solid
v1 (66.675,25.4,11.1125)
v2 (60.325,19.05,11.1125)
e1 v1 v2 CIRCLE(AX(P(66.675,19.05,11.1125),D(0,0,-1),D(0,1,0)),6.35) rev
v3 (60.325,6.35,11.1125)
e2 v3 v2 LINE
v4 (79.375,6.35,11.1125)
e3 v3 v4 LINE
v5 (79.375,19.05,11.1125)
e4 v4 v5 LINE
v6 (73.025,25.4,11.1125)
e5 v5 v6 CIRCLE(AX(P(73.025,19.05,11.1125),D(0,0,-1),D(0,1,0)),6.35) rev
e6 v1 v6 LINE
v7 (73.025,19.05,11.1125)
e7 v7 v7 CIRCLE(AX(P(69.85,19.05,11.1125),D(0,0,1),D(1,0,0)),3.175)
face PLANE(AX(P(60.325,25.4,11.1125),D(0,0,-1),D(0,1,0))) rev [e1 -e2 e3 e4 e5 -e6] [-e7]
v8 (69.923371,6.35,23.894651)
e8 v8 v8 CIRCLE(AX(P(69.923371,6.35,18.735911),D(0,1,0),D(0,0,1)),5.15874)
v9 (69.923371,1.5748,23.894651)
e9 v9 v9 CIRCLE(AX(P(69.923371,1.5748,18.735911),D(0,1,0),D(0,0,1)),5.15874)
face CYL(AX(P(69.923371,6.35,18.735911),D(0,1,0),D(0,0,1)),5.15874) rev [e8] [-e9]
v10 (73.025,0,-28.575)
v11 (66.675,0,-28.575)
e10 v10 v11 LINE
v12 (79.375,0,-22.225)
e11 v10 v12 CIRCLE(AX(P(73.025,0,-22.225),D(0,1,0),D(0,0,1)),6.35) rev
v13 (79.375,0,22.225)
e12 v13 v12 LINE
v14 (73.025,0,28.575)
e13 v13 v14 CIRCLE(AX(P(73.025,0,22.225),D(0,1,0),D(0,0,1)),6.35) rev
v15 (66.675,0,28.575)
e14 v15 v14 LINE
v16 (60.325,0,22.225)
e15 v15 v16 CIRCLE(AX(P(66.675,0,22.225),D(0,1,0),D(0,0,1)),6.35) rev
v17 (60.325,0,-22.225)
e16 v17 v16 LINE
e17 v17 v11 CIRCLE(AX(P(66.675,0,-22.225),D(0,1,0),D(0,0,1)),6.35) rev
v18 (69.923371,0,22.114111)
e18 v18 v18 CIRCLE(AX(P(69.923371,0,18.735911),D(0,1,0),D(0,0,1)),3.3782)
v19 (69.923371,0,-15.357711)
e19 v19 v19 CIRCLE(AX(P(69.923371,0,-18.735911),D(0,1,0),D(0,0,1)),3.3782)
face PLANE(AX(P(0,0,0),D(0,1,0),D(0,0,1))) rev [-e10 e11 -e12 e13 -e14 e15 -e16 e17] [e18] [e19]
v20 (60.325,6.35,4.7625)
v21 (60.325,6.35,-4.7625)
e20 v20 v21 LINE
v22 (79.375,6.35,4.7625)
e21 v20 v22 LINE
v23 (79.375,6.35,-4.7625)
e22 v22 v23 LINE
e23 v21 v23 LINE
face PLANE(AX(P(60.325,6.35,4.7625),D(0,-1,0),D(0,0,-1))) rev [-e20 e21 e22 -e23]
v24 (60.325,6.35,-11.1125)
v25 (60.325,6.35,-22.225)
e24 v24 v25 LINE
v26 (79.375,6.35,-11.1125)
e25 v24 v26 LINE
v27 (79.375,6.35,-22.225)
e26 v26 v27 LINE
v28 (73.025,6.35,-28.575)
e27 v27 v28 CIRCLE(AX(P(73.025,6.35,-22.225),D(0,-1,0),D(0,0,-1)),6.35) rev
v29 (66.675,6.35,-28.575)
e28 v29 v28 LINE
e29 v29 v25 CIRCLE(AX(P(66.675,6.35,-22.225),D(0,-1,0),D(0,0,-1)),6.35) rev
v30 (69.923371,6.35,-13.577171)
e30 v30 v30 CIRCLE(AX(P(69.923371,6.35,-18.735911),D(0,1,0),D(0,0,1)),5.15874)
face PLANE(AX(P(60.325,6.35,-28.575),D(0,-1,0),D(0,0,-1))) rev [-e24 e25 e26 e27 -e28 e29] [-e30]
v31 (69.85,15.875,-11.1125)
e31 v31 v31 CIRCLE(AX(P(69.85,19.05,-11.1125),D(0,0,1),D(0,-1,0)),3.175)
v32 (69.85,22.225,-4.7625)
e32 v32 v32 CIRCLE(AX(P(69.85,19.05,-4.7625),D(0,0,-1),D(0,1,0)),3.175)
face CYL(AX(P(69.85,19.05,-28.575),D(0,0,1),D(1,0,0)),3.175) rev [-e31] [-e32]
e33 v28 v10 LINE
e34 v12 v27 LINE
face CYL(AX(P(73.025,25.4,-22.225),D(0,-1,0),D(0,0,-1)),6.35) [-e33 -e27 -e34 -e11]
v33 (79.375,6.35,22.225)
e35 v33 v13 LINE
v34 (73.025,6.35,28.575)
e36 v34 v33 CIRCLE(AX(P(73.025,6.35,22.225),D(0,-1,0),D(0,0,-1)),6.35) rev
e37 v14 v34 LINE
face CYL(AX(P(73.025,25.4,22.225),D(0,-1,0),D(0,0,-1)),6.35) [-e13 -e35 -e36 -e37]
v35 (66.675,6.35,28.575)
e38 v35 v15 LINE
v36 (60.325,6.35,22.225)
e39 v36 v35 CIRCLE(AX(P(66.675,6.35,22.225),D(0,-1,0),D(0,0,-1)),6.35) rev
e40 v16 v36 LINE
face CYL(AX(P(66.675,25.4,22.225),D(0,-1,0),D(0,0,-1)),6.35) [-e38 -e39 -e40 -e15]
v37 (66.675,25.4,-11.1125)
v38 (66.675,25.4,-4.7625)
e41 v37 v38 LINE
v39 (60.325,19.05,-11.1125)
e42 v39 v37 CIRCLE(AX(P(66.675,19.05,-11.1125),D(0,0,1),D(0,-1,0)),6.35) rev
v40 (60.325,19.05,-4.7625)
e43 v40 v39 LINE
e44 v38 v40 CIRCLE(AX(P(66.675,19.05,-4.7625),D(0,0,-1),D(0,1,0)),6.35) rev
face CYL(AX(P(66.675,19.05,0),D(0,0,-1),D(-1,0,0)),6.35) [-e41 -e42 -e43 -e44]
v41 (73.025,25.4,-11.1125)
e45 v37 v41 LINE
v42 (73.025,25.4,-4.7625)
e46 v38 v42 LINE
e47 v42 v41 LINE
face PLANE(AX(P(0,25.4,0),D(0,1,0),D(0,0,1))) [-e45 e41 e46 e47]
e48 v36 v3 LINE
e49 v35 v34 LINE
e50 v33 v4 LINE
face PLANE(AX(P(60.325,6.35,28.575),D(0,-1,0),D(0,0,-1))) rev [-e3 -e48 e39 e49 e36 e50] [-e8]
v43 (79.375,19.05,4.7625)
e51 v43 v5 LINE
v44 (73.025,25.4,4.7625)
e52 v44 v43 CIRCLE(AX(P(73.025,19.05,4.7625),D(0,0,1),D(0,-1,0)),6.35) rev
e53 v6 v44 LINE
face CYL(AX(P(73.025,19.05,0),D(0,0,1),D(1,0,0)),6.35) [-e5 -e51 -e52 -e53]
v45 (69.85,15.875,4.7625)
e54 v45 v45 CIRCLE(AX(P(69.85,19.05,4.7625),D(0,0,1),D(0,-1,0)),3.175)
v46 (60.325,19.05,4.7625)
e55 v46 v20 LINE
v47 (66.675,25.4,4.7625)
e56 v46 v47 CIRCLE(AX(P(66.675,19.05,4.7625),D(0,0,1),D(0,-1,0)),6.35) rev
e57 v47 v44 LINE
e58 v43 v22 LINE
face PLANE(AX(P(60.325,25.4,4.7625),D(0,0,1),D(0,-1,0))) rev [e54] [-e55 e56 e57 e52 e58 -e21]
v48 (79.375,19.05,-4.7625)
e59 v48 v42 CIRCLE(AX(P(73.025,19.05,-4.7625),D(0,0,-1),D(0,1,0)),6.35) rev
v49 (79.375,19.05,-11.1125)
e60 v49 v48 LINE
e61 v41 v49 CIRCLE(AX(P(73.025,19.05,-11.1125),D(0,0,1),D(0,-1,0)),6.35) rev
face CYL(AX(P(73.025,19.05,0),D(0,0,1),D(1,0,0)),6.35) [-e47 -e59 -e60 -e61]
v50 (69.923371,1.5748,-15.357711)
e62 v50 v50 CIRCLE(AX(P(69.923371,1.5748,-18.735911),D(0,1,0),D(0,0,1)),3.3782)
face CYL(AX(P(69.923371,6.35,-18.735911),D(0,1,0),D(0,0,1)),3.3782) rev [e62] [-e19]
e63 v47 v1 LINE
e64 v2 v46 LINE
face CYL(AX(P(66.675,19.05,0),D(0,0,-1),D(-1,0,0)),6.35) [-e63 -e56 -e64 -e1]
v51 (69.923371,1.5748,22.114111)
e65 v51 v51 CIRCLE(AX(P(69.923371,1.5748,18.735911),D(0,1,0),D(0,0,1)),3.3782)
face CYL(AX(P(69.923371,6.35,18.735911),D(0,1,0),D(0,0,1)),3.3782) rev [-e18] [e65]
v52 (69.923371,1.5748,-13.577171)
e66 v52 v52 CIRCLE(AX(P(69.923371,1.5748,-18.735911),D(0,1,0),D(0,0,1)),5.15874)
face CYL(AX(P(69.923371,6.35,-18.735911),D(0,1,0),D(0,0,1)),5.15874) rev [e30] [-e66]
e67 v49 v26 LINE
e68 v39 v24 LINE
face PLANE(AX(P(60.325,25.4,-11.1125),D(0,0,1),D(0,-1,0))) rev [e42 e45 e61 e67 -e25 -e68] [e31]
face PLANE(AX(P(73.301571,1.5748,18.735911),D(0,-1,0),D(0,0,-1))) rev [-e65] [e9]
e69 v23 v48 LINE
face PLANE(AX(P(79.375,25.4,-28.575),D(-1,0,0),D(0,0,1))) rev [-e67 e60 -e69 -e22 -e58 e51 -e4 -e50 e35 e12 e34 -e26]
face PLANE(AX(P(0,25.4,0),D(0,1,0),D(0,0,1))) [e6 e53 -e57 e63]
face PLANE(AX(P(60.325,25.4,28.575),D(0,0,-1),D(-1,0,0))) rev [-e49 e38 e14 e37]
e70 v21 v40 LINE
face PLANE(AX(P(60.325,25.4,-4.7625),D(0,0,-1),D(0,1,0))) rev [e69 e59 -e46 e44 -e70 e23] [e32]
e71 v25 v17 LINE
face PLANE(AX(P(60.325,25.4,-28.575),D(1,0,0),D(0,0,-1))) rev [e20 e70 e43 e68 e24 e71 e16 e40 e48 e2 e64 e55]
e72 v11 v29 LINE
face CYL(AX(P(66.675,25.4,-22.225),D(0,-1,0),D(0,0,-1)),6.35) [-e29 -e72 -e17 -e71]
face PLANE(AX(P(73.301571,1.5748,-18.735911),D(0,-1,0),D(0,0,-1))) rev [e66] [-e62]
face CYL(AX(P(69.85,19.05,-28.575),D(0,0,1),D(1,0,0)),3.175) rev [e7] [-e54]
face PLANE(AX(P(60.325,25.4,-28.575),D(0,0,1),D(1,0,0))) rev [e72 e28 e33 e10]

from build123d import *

# Parameters (mm, degrees)
SKETCH1_W                                        = 19.05
SKETCH1_H                                        = 57.15
BOSS_EXTRUDE1_DEPTH                              = 25.4
SKETCH2_W                                        = 17.4625
SKETCH2_H                                        = 19.05
SKETCH2_W_2                                      = 9.525
CUT_EXTRUDE1_DEPTH                               = 20.05
SKETCH9_R                                        = 3.175
CUT_EXTRUDE3_DEPTH                               = 40.6875
FILLET1_R                                        = 6.35
CBORE_FOR_1_4_SOCKET_SHOULDER_SCREW1_D           = 6.7564
CBORE_FOR_1_4_SOCKET_SHOULDER_SCREW1_CBORE_D     = 10.31748
CBORE_FOR_1_4_SOCKET_SHOULDER_SCREW1_CBORE_DEPTH = 4.7752


with BuildPart() as part:
    # Sketch1 → Boss-Extrude1 (new body)
    with BuildSketch(Plane(origin=(0, 0, 0), x_dir=(1, 0, 0), z_dir=(0, 1, 0))):
        with Locations((69.85, 0)):
            Rectangle(SKETCH1_W, SKETCH1_H)
    extrude(amount=BOSS_EXTRUDE1_DEPTH)

    # Sketch2 → Cut-Extrude1 (cut, through all)
    with BuildSketch(Plane(origin=(79.375, 0, 0), x_dir=(0, 0, -1), z_dir=(1, 0, 0))):
        with Locations((-19.84375, 15.875)):
            Rectangle(SKETCH2_W, SKETCH2_H)
        with Locations((0, 15.875)):
            Rectangle(SKETCH2_W_2, SKETCH2_H)
        with Locations((19.84375, 15.875)):
            Rectangle(SKETCH2_W, SKETCH2_H)
    extrude(amount=-CUT_EXTRUDE1_DEPTH, mode=Mode.SUBTRACT)

    # Sketch9 → Cut-Extrude3 (cut, through all)
    with BuildSketch(Plane.XY.offset(11.1125)):
        with Locations((69.85, 19.05)):
            Circle(SKETCH9_R)
    extrude(amount=-CUT_EXTRUDE3_DEPTH, mode=Mode.SUBTRACT)

    # Fillet1
    fillet1_edges = [part.edges().sort_by_distance(p)[0] for p in [
        (79.375, 25.4, 7.9375),
        (79.375, 3.175, 28.575),
        (60.325, 3.175, 28.575),
        (79.375, 25.4, -7.9375),
        (60.325, 25.4, -7.9375),
        (60.325, 25.4, 7.9375),
        (60.325, 3.175, -28.575),
        (79.375, 3.175, -28.575),
    ]]
    fillet(fillet1_edges, radius=FILLET1_R)

    # CBORE for 1/4 Socket Shoulder Screw1 (through all)
    with Locations(Plane(origin=(0, 6.35, 0), x_dir=(1, 0, 0), z_dir=(0, 1, 0))):
        with Locations((69.923370565, 18.735910675), (69.923370565, -18.735910675)):
            CounterBoreHole(CBORE_FOR_1_4_SOCKET_SHOULDER_SCREW1_D / 2, CBORE_FOR_1_4_SOCKET_SHOULDER_SCREW1_CBORE_D / 2, CBORE_FOR_1_4_SOCKET_SHOULDER_SCREW1_CBORE_DEPTH)


solid = part.part
